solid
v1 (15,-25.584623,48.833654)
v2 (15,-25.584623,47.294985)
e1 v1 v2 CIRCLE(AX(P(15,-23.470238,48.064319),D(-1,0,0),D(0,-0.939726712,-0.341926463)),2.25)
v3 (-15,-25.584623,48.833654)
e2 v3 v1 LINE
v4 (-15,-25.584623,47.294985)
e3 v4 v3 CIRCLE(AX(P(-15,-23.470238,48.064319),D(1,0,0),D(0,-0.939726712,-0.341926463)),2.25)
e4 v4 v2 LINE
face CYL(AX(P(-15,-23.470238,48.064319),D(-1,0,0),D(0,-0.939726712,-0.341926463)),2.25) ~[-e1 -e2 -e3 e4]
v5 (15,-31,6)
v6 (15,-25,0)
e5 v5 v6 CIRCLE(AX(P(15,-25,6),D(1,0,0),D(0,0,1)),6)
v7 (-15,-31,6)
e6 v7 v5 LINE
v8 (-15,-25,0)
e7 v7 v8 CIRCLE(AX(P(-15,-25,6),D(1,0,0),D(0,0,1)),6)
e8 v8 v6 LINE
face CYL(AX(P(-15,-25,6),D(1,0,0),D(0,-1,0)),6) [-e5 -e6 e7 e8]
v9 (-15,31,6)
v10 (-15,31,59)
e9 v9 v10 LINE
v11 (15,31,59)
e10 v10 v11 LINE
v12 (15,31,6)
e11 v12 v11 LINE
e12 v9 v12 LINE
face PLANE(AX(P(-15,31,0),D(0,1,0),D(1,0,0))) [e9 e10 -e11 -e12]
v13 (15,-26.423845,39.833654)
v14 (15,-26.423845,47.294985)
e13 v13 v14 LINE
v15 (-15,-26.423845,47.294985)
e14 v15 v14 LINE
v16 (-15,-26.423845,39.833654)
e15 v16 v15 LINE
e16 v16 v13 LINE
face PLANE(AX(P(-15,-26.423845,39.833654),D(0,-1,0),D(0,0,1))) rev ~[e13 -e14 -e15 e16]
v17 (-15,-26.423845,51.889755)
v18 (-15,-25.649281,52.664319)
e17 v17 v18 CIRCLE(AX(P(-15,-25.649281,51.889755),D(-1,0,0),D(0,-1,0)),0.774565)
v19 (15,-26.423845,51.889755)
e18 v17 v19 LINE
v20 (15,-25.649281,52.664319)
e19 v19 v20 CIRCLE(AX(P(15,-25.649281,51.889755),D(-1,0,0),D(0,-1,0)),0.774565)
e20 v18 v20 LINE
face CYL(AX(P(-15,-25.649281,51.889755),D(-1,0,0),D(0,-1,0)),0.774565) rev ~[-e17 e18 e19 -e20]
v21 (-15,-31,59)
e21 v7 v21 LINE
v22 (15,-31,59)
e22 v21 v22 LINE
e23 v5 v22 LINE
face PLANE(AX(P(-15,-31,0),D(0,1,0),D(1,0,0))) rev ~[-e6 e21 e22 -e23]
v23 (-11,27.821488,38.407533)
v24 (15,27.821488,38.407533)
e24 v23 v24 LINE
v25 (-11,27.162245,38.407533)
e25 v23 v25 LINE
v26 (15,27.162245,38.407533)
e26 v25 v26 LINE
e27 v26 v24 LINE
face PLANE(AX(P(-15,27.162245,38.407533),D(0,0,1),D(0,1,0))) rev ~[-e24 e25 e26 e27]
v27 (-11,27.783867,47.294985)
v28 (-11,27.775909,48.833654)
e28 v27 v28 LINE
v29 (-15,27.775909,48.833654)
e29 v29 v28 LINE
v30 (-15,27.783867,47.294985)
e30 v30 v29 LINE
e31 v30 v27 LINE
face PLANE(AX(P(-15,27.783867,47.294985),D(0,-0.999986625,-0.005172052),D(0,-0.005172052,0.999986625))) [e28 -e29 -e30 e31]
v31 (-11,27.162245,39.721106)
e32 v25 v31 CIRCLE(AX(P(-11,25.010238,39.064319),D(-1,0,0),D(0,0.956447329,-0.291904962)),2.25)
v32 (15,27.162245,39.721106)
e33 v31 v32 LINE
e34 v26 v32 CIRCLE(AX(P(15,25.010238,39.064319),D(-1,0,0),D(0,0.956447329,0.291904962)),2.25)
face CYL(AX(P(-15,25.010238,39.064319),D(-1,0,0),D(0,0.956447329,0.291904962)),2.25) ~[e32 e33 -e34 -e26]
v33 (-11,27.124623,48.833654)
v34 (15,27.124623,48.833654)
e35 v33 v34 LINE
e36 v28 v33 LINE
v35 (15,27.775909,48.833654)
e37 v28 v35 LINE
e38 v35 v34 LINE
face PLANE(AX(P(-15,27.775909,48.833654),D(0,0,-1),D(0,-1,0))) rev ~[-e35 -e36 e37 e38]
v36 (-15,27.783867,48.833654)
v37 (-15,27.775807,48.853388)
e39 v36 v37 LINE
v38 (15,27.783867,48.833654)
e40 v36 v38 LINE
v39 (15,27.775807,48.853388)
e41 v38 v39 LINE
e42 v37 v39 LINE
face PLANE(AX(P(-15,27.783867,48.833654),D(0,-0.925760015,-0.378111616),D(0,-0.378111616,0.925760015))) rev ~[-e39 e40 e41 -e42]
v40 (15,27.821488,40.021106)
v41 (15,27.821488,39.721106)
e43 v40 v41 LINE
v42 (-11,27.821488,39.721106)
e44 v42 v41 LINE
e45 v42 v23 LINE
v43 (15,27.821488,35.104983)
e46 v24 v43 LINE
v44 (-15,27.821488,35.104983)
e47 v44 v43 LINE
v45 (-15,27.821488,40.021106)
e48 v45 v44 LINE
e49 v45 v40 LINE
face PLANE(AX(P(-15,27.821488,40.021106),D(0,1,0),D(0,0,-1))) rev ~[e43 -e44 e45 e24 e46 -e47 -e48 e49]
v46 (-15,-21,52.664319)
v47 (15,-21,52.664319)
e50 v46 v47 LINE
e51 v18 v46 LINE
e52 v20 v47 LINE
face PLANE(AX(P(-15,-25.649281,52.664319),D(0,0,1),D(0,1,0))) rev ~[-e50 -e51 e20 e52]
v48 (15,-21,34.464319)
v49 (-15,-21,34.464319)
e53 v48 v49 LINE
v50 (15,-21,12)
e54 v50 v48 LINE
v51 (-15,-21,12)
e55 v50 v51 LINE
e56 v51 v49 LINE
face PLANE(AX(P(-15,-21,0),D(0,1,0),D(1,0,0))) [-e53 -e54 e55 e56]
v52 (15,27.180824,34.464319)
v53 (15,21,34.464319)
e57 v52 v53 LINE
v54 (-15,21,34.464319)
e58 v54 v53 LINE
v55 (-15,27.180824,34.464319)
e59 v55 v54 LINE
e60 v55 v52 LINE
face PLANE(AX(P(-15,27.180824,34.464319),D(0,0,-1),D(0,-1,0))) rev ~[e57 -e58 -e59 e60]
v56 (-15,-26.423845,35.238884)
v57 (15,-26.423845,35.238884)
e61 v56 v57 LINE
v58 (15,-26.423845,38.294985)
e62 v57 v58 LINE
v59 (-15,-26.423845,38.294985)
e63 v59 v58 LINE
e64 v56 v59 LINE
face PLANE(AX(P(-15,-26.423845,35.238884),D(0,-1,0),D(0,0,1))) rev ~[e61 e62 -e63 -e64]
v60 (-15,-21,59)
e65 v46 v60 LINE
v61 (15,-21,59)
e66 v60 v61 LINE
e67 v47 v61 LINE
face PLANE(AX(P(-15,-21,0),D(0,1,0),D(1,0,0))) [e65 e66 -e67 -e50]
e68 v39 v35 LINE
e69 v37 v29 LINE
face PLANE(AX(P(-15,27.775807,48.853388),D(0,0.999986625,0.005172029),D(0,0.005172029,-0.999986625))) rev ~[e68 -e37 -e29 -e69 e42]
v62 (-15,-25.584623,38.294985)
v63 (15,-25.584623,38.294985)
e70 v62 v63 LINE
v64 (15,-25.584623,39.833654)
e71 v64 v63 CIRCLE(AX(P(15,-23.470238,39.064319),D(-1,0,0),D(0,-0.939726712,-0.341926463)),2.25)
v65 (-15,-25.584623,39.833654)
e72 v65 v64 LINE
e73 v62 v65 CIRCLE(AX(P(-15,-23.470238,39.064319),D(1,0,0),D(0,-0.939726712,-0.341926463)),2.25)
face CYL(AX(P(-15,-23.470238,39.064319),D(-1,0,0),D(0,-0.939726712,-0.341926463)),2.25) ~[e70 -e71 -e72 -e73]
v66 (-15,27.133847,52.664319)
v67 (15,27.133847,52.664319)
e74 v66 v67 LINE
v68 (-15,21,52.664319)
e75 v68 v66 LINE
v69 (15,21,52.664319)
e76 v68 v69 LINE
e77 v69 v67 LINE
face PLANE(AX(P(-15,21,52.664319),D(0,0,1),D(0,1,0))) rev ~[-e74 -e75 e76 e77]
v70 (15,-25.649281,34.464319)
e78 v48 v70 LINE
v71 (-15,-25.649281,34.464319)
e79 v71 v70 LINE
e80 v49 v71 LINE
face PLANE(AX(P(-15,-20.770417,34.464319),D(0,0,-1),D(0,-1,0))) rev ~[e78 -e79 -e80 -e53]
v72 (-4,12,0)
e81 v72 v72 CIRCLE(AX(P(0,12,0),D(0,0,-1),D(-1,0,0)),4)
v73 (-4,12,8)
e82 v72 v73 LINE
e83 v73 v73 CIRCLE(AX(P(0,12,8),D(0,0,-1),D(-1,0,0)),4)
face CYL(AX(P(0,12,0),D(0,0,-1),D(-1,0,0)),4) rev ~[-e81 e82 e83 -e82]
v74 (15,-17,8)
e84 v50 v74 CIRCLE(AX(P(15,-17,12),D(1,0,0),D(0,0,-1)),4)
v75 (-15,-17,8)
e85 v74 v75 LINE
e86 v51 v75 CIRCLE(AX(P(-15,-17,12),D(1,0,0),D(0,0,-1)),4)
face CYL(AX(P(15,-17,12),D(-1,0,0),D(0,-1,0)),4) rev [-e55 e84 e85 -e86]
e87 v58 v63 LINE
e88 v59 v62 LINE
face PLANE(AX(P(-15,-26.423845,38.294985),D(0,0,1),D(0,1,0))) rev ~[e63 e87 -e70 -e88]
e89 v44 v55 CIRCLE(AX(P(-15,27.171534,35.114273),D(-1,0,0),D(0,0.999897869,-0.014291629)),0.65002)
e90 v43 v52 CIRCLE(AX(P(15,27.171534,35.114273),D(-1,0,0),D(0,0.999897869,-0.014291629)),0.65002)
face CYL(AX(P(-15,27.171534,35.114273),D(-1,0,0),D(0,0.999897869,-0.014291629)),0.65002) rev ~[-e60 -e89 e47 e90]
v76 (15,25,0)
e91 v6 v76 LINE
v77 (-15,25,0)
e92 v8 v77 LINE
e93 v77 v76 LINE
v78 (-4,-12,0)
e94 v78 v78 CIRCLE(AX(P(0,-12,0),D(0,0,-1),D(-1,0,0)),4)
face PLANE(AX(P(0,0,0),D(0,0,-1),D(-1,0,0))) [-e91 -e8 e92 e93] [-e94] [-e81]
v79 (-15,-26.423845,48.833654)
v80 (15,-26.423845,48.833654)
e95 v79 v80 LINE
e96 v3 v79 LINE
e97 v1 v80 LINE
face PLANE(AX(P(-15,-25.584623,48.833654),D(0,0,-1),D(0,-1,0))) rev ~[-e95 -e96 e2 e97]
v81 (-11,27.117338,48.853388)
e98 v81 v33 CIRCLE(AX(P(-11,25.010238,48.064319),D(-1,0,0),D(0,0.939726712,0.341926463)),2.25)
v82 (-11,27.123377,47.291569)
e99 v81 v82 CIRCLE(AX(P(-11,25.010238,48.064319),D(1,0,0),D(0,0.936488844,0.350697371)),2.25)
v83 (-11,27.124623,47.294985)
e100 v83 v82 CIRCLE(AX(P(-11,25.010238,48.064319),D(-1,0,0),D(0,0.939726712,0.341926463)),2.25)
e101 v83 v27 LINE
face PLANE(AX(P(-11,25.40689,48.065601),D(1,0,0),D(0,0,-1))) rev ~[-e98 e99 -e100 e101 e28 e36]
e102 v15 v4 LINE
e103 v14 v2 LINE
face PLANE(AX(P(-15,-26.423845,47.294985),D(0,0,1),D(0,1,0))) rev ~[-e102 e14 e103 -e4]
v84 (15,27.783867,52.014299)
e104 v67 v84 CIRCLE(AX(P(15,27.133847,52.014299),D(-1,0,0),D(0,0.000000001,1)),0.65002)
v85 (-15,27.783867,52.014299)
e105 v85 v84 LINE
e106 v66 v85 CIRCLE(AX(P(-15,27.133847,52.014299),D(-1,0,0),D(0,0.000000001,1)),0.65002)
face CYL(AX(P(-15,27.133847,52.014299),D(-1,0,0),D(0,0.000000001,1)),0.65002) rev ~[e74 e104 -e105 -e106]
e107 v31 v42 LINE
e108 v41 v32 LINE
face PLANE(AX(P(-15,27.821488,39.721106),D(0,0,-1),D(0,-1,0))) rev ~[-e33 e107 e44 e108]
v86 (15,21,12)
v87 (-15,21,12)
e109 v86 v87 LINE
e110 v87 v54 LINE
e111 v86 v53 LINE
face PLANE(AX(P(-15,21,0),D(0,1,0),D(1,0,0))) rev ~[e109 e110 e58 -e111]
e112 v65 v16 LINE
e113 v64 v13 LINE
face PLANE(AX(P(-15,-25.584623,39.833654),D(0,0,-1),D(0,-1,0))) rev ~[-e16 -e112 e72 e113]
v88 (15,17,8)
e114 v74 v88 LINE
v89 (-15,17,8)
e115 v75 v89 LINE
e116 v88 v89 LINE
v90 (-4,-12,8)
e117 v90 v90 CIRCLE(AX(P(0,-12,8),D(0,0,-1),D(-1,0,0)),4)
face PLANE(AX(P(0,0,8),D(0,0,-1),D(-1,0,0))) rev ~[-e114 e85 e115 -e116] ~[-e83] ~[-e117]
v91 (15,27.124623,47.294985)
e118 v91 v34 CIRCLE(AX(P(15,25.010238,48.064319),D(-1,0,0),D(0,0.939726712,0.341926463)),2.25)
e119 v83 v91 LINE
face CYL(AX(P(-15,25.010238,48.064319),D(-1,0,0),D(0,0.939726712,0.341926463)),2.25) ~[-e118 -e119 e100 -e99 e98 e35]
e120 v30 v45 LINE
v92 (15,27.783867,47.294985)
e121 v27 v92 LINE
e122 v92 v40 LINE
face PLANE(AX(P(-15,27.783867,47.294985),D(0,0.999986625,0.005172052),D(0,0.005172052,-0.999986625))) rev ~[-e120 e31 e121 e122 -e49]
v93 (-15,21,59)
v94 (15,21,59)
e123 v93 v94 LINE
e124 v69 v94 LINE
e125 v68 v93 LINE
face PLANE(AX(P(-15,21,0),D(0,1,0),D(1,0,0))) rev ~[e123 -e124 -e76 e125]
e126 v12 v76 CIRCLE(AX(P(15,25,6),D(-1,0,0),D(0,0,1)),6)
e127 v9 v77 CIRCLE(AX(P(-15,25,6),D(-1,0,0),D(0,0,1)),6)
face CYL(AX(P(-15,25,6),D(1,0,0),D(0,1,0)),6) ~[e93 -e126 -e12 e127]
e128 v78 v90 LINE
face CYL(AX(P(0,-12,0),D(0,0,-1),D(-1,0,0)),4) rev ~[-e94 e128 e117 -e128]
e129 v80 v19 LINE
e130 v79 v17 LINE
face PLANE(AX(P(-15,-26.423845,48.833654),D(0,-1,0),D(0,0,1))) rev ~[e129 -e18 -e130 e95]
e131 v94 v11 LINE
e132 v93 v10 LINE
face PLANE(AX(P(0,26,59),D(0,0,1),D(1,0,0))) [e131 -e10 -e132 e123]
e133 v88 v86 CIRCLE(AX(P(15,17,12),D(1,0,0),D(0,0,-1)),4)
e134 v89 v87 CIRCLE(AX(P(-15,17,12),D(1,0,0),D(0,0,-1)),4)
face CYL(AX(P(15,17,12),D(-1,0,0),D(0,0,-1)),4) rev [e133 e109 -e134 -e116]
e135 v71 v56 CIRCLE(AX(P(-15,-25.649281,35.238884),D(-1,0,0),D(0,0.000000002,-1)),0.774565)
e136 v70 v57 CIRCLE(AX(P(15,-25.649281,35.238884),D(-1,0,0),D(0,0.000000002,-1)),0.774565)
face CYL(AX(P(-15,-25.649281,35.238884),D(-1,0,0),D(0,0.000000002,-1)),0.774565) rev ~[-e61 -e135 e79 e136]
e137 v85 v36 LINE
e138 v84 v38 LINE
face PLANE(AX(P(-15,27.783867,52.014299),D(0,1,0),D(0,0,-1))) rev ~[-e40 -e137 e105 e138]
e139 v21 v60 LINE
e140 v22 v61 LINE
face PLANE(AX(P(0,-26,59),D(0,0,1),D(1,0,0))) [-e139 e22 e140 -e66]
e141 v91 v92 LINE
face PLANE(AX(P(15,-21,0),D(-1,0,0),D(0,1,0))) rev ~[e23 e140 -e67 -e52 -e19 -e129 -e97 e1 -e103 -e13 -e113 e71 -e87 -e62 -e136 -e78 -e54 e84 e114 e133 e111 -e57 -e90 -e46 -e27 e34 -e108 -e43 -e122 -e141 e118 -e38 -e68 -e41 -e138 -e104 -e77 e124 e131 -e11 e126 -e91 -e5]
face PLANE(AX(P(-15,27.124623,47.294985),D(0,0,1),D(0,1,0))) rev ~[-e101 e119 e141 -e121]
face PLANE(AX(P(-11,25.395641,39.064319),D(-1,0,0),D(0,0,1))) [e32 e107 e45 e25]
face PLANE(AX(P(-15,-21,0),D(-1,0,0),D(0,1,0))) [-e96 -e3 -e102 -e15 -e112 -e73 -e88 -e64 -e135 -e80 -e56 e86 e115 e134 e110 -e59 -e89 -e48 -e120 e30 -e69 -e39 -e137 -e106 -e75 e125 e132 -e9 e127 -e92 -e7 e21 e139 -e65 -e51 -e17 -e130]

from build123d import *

# Parameters (mm, degrees)
ESBO_O1_W                  = 30
ESBO_O1_H                  = 10
RESSALTO_EXTRUS_O1_DEPTH   = 59
RESSALTO_EXTRUS_O1_2_DEPTH = 59
ESBO_O2_W                  = 30
ESBO_O2_H                  = 42
RESSALTO_EXTRUS_O2_DEPTH   = 8
CORTE_EXTRUS_O1_DEPTH      = 31
CORTE_EXTRUS_O2_DEPTH      = 4
FILETE1_R                  = 4
ESBO_O5_R                  = 4
CORTE_EXTRUS_O3_DEPTH      = 60
FILETE2_R                  = 6


with BuildPart() as part:
    # Esboço1 → Ressalto-extrusão1 (new body)
    with BuildSketch(Plane.XY):
        with Locations((0, 26)):
            Rectangle(ESBO_O1_W, ESBO_O1_H)
    extrude(amount=RESSALTO_EXTRUS_O1_DEPTH)



with BuildPart() as body_2:
    # Esboço1 → Ressalto-extrus_o1 2 (new body)
    with BuildSketch(Plane.XY):
        with Locations((0, -26)):
            Rectangle(ESBO_O1_W, ESBO_O1_H)
    extrude(amount=RESSALTO_EXTRUS_O1_2_DEPTH)


with BuildPart() as part_1:
    add(part.part)

    add(body_2.part)  # Ressalto-extrusão2 merges body 2
    # Esboço2 → Ressalto-extrusão2 (add)
    with BuildSketch(Plane(origin=(0, 0, 0), x_dir=(-1, 0, 0), z_dir=(0, 0, -1))):
        Rectangle(ESBO_O2_W, ESBO_O2_H)
    extrude(amount=-RESSALTO_EXTRUS_O2_DEPTH)

    # Esboço3 → Corte-extrusão1 (cut, through all)
    with BuildSketch(Plane.ZY.offset(15)):
        with BuildLine():
            Line((34.464319348, 27.180824333), (34.464319348, 21))
            Line((34.464319348, 21), (52.664319348, 21))
            Line((52.664319348, 21), (52.664319348, 27.13384671))
            ThreePointArc((52.664319348, 27.13384671), (52.473932816, 27.593480457), (52.014299068, 27.783866989))
            Line((52.014299068, 27.783866989), (48.83365389, 27.783866989))
            Line((48.83365389, 27.783866989), (48.853388433, 27.775806736))
            Line((48.853388433, 27.775806736), (48.83365389, 27.775908805))
            Line((48.83365389, 27.775908805), (48.83365389, 27.124623249))
            ThreePointArc((48.83365389, 27.124623249), (48.064319348, 22.760238146), (47.294984805, 27.124623249))
            Line((47.294984805, 27.124623249), (47.294984805, 27.783866989))
            Line((47.294984805, 27.783866989), (40.021105511, 27.821488377))
            Line((40.021105511, 27.821488377), (39.721105511, 27.821488377))
            Line((39.721105511, 27.821488377), (39.721105511, 27.162244637))
            ThreePointArc((39.721105511, 27.162244637), (39.064319348, 22.760238146), (38.407533184, 27.162244637))
            Line((38.407533184, 27.162244637), (38.407533184, 27.821488377))
            Line((38.407533184, 27.821488377), (35.104983392, 27.821488377))
            ThreePointArc((35.104983392, 27.821488377), (34.654639493, 27.631168232), (34.464319348, 27.180824333))
        make_face()
        with BuildLine():
            ThreePointArc((51.8897547, -26.423845407), (52.437454615, -26.196980674), (52.664319348, -25.649280759))
            Line((52.664319348, -25.649280759), (52.664319348, -20.77))
            Line((52.664319348, -20.77), (34.5, -20.77))
            Line((34.5, -20.77), (34.464319348, -20.770417185))
            Line((34.464319348, -20.770417185), (34.464319348, -25.649280759))
            ThreePointArc((34.464319348, -25.649280759), (34.69118408, -26.196980674), (35.238883995, -26.423845407))
            Line((35.238883995, -26.423845407), (38.294984805, -26.423845407))
            Line((38.294984805, -26.423845407), (38.294984805, -25.584623249))
            ThreePointArc((38.294984805, -25.584623249), (39.064319348, -21.220238146), (39.83365389, -25.584623249))
            Line((39.83365389, -25.584623249), (39.83365389, -26.423845407))
            Line((39.83365389, -26.423845407), (47.294984805, -26.423845407))
            Line((47.294984805, -26.423845407), (47.294984805, -25.584623249))
            ThreePointArc((47.294984805, -25.584623249), (48.064319348, -21.220238146), (48.83365389, -25.584623249))
            Line((48.83365389, -25.584623249), (48.83365389, -26.423845407))
            Line((48.83365389, -26.423845407), (51.8897547, -26.423845407))
        make_face()
    extrude(amount=-CORTE_EXTRUS_O1_DEPTH, mode=Mode.SUBTRACT)

    # Esboço4 → Corte-extrusão2 (cut)
    with BuildSketch(Plane.ZY.offset(15)):
        with BuildLine():
            Line((47.294984805, 27.783866989), (48.853388433, 27.775806736))
            Line((48.853388433, 27.775806736), (48.853388433, 27.117338044))
            ThreePointArc((48.853388433, 27.117338044), (48.055619332, 22.760254966), (47.291568671, 27.123377136))
            Line((47.291568671, 27.123377136), (47.294984805, 27.783866989))
        make_face()
        with BuildLine():
            Line((38.407533184, 27.821488377), (38.407533184, 27.162244637))
            ThreePointArc((38.407533184, 27.162244637), (39.064319348, 22.760238146), (39.721105511, 27.162244637))
            Line((39.721105511, 27.162244637), (39.721105511, 27.821488377))
            Line((39.721105511, 27.821488377), (38.407533184, 27.821488377))
        make_face()
    extrude(amount=-CORTE_EXTRUS_O2_DEPTH, mode=Mode.SUBTRACT)

    # Filete1
    filete1_edges = [part_1.edges().sort_by_distance(p)[0] for p in [
        (0, 21, 8),
        (0, -21, 8),
    ]]
    fillet(filete1_edges, radius=FILETE1_R)

    # Esboço5 → Corte-extrusão3 (cut, through all)
    with BuildSketch(Plane(origin=(0, 0, 0), x_dir=(-1, 0, 0), z_dir=(0, 0, -1))):
        with Locations((0, -12)):
            Circle(ESBO_O5_R)
        with Locations((0, 12)):
            Circle(ESBO_O5_R)
    extrude(amount=-CORTE_EXTRUS_O3_DEPTH, mode=Mode.SUBTRACT)

    # Filete2
    filete2_edges = [part_1.edges().sort_by_distance(p)[0] for p in [
        (0, -31, 0),
        (0, 31, 0),
    ]]
    fillet(filete2_edges, radius=FILETE2_R)


solid = part_1.part
